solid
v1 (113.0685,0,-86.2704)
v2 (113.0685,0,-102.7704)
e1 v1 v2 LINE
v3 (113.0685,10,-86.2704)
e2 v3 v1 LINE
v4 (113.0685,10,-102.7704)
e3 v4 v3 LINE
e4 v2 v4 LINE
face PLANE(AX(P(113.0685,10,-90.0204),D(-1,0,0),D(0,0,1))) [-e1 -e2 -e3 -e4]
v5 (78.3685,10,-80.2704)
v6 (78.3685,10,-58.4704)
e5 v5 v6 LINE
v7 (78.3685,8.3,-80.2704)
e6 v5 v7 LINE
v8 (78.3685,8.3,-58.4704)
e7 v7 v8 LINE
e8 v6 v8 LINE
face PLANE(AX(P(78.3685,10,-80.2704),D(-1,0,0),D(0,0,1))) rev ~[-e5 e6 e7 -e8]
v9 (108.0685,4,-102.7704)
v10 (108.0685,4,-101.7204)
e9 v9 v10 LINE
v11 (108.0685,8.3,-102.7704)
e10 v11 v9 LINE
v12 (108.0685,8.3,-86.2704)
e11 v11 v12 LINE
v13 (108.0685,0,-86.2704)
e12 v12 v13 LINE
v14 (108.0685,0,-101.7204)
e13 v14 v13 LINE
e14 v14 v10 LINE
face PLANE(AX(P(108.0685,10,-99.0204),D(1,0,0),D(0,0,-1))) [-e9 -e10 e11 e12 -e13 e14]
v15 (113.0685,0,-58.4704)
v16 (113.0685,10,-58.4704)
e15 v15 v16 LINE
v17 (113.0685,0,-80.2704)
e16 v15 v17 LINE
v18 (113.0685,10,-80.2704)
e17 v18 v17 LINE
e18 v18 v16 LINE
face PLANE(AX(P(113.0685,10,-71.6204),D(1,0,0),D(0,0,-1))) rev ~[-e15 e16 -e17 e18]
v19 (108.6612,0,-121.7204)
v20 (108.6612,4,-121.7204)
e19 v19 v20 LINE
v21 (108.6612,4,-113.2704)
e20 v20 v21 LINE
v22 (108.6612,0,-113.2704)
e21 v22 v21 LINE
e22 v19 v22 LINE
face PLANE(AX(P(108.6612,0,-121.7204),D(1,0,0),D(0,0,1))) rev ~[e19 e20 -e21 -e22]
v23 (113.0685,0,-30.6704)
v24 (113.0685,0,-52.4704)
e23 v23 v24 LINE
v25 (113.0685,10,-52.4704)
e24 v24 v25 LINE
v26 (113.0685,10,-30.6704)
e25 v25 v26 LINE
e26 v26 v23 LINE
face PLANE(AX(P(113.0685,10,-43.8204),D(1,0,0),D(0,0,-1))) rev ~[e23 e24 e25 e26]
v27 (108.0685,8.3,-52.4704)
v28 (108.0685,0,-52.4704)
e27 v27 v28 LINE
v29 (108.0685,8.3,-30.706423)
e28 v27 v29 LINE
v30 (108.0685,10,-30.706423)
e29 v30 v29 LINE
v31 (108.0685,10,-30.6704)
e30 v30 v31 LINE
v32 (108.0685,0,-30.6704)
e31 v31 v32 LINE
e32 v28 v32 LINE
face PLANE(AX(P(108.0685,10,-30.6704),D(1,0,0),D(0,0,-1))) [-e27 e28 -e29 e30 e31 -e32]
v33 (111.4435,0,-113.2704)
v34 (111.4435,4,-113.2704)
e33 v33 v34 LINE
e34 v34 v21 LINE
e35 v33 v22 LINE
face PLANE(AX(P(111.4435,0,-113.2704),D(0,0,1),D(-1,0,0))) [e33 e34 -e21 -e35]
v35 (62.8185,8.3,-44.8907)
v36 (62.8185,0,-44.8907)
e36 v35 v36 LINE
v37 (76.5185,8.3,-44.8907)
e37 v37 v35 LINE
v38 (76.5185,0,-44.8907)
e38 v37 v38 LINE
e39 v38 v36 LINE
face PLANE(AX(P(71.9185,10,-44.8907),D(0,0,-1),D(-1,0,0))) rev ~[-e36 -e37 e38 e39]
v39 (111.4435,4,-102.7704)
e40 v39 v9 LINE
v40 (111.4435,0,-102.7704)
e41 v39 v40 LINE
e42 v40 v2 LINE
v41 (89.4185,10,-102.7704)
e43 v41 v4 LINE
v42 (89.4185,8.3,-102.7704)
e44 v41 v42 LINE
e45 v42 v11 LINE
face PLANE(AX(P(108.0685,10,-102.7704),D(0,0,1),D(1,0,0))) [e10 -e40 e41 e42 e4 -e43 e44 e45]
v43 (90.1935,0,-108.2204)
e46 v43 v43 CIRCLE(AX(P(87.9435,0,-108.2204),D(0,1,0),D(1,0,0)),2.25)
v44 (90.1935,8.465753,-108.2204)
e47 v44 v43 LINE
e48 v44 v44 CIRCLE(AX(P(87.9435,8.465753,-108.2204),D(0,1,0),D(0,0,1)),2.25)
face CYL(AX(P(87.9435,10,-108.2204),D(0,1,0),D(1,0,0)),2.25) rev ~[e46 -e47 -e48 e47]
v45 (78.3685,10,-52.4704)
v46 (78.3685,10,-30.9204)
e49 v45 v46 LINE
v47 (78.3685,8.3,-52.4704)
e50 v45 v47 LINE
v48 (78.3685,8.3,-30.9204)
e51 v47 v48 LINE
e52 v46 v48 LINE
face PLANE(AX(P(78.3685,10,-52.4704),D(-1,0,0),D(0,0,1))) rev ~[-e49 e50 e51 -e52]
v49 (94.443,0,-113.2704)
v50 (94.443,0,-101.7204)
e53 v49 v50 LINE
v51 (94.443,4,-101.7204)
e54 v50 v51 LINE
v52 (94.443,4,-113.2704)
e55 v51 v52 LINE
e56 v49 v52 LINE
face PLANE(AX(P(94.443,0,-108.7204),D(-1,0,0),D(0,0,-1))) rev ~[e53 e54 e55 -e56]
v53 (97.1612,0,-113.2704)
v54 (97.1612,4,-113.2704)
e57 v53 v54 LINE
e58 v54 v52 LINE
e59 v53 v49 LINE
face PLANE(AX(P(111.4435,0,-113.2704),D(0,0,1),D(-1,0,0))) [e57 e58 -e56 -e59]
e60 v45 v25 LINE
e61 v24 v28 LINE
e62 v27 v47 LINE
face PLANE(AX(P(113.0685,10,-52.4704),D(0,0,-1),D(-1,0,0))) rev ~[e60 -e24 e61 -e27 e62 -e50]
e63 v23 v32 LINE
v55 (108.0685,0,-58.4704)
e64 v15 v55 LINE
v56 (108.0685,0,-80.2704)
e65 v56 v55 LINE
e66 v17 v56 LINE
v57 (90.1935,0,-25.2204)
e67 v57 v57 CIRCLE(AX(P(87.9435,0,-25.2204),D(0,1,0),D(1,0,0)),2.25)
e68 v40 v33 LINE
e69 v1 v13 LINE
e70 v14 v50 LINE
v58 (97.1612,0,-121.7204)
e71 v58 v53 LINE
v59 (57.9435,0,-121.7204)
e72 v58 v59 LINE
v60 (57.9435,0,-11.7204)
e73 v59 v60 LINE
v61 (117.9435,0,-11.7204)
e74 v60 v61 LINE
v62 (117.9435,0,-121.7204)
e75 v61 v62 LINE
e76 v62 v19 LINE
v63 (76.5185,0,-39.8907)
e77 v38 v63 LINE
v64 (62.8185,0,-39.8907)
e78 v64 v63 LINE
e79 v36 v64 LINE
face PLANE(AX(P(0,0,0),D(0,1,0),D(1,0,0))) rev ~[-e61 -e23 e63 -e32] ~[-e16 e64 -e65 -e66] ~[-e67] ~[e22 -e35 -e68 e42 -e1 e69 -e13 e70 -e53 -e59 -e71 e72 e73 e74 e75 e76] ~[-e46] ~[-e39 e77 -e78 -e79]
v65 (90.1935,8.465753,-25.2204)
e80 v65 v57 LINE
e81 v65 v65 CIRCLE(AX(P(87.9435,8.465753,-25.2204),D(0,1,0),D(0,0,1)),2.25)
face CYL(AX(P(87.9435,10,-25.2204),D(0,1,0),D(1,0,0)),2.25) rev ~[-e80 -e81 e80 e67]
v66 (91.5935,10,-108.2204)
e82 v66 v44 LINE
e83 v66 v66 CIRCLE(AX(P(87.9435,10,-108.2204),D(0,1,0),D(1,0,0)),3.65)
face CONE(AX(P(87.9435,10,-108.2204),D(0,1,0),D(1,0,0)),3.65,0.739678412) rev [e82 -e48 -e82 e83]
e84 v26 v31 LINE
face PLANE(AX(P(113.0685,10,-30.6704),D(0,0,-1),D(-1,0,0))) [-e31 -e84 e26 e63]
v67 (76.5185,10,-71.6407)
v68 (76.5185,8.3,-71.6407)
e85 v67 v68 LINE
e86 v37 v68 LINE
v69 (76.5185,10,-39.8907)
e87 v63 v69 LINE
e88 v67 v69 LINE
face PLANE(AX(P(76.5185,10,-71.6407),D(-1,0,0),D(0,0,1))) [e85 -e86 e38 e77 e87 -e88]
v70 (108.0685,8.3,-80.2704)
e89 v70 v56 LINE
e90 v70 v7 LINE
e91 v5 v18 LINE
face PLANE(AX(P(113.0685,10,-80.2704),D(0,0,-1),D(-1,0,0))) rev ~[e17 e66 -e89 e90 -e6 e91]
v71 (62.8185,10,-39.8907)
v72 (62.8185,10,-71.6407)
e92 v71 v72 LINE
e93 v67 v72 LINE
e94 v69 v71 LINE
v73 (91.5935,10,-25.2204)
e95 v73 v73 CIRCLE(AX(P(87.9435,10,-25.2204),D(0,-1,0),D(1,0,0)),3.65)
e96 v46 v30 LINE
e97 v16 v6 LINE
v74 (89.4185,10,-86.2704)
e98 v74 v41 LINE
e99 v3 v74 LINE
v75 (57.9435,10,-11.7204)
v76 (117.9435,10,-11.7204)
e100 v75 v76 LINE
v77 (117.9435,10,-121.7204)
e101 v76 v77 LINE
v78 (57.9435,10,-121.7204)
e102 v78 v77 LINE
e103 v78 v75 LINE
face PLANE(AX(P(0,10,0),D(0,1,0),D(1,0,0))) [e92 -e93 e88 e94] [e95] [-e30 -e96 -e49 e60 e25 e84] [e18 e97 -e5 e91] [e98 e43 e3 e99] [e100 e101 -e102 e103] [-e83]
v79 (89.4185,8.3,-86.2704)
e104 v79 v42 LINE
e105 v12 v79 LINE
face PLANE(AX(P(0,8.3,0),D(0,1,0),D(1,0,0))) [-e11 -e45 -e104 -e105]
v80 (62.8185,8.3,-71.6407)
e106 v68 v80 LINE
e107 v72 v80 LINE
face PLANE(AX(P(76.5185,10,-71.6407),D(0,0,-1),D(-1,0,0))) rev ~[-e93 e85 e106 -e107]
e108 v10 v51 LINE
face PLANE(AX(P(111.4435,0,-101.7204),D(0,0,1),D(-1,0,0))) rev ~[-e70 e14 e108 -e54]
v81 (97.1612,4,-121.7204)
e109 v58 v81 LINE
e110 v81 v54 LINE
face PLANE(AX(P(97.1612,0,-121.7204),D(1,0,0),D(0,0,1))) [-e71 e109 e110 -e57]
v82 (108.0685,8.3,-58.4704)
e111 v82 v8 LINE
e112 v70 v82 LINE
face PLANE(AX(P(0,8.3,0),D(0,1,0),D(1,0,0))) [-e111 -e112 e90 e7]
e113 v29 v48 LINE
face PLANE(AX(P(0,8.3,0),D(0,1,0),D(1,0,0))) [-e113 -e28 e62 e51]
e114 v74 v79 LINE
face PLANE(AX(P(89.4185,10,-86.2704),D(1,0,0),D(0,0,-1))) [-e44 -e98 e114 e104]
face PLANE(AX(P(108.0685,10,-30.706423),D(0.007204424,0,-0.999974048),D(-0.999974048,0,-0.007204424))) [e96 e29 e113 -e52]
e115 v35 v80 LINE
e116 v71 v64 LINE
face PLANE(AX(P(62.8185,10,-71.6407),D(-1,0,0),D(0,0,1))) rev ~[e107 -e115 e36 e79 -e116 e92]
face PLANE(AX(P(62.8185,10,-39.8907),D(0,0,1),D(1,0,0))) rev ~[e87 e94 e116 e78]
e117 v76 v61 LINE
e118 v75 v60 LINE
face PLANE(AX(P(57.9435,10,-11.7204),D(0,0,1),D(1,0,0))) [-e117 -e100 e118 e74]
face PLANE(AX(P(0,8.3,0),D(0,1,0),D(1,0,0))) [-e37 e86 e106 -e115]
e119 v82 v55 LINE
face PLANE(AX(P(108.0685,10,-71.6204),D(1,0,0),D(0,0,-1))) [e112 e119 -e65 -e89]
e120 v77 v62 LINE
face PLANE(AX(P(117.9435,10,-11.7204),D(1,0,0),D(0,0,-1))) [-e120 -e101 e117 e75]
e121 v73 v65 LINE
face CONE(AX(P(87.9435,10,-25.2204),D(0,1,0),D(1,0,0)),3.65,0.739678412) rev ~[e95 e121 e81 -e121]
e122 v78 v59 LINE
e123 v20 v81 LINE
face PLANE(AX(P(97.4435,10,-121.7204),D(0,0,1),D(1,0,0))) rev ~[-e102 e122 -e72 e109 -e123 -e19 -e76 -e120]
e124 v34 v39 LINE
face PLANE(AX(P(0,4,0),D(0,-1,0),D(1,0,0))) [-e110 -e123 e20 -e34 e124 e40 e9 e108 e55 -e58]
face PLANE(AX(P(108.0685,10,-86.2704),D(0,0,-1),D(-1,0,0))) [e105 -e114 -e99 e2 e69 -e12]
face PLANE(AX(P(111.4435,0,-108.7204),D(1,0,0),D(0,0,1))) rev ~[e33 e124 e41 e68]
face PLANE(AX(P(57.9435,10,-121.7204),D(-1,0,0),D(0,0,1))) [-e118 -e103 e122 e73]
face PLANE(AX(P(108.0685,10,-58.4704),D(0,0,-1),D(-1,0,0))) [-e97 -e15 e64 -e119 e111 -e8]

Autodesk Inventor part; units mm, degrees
ref_plane "작업 평면1" through (0, 10, 0) normal (0, 1, 0) x (1, 0, 0)
sketch "스케치3" plane through (0, 10, 0) normal (0, 1, 0) x (1, 0, 0)
  line L0 (113.0685, 80.2704) -> (78.3685, 80.2704)
  line L1 (76.5185, 71.6407) -> (76.5185, 39.8907)
  line L2 (76.5185, 71.6407) -> (62.8185, 71.6407)
  line L3 (78.3685, 80.2704) -> (78.3685, 58.4704)
  line L4 (113.0685, 58.4704) -> (113.0685, 80.2704)
  line L5 (113.0685, 58.4704) -> (78.3685, 58.4704)
  line L6 (108.4435, 113.2704) -> (97.4435, 113.2704)
  line L7 (97.4435, 113.2704) -> (97.4435, 121.7204)
  line L8 (97.4435, 121.7204) -> (108.4435, 121.7204)
  line L9 (108.4435, 121.7204) -> (108.4435, 113.2704)
  line L10 (113.0685, 52.4704) -> (78.3685, 52.4704)
  line L11 (113.0685, 30.6704) -> (113.0685, 52.4704)
  line L12 (62.8185, 39.8907) -> (76.5185, 39.8907)
  line L13 (62.8185, 71.6407) -> (62.8185, 39.8907)
  line L14 (78.3685, 52.4704) -> (78.3685, 30.9204)
  line L15 (113.0685, 30.6704) -> (78.3685, 30.9204)
  line L16 (117.9435, 121.7204) -> (57.9435, 121.7204)
  line L17 (57.9435, 121.7204) -> (57.9435, 11.7204)
  line L18 (117.9435, 11.7204) -> (117.9435, 121.7204)
  line L19 (57.9435, 11.7204) -> (117.9435, 11.7204)
  circle A0 centre (87.9435, 108.2204) radius 2.25
  circle A1 centre (87.9435, 25.2204) radius 2.25
  line L20 (113.0685, 99.0204) -> (108.0685, 99.0204)
  line L21 (108.0685, 90.0204) -> (113.0685, 90.0204)
  line L22 (113.0685, 99.0204) -> (113.0685, 90.0204)
  line L23 (108.0685, 99.0204) -> (108.0685, 90.0204)
  line L24 (71.9185, 39.8907) -> (67.4185, 39.8907)
  line L25 (113.0685, 39.3204) -> (108.0685, 39.3204)
  line L26 (108.0685, 43.8204) -> (113.0685, 43.8204)
  line L27 (71.9185, 44.8907) -> (71.9185, 39.8907)
  line L28 (108.0685, 43.8204) -> (108.0685, 39.3204)
  line L29 (113.0685, 43.8204) -> (113.0685, 39.3204)
  line L30 (71.9185, 44.8907) -> (67.4185, 44.8907)
  line L31 (67.4185, 44.8907) -> (67.4185, 39.8907)
  line L32 (113.0685, 71.6204) -> (113.0685, 67.1204)
  line L33 (113.0685, 86.2704) -> (89.4185, 86.2704)
  line L34 (89.4185, 86.2704) -> (89.4185, 102.7704)
  line L35 (89.4185, 102.7704) -> (113.0685, 102.7704)
  line L36 (113.0685, 102.7704) -> (113.0685, 86.2704)
  line L37 (108.0685, 67.1204) -> (113.0685, 67.1204)
  line L38 (113.0685, 67.1204) -> (113.0685, 71.6204)
  line L39 (113.0685, 71.6204) -> (108.0685, 71.6204)
  line L40 (108.0685, 71.6204) -> (108.0685, 67.1204)
  line L41 (113.0685, 30.6704) -> (108.0685, 30.6704)
  line L42 (108.0685, 30.6704) -> (108.0685, 52.4704)
  line L43 (108.0685, 52.4704) -> (113.0685, 52.4704)
  line L44 (113.0685, 52.4704) -> (113.0685, 30.6704)
  line L45 (113.0685, 58.4704) -> (108.0685, 58.4704)
  line L46 (108.0685, 58.4704) -> (108.0685, 80.2704)
  line L47 (108.0685, 80.2704) -> (113.0685, 80.2704)
  line L48 (113.0685, 80.2704) -> (113.0685, 58.4704)
  line L49 (113.0685, 86.2704) -> (108.0685, 86.2704)
  line L50 (108.0685, 86.2704) -> (108.0685, 102.7704)
  line L51 (108.0685, 102.7704) -> (113.0685, 102.7704)
  line L52 (113.0685, 102.7704) -> (113.0685, 86.2704)
  line L53 (76.5185, 39.8907) -> (62.8185, 39.8907)
  line L54 (62.8185, 39.8907) -> (62.8185, 44.8907)
  line L55 (62.8185, 44.8907) -> (76.5185, 44.8907)
  line L56 (76.5185, 44.8907) -> (76.5185, 39.8907)
  point P0 (0, 0)
  dimension "d8" = 9.5
extrude "돌출2" add sketch "스케치3" against normal blind 10 contours L4 L39 L46 L0 | L46 L40 L5 L3 L0 | L4 L37 L40 L39 | L4 L5 L46 L37 | L1 L55 L30 L13 L2 | L1 L12 L27 L55 | L27 L12 L31 L30 | L55 L31 L12 L13 | L9 L16 L18 L19 L17 L7 L6 | L6 L7 L8 L9 | L11 L26 L42 L10 | L42 L28 L15 L14 L10 | L11 L25 L28 L26 | L11 L15 L42 L25 | L41 L42 L15 | A0 | A1 | L22 L21 L23 L20 | L20 L50 L35 L36 | L23 L50 L33 L34 L35 | L36 L33 L50 L21
sketch "스케치4" plane through (0, 10, 0) normal (0, 1, 0) x (1, 0, 0)
  point P0 (0, 0)
extrude "돌출3" cut sketch "스케치3" against normal blind 1.7 contours L4 L39 L46 L0 | L46 L40 L5 L3 L0 | L4 L5 L46 L37 | L1 L55 L30 L13 L2 | L1 L12 L27 L55 | L55 L31 L12 L13 | L11 L26 L42 L10 | L42 L28 L15 L14 L10 | L11 L15 L42 L25 | L20 L50 L35 L36 | L23 L50 L33 L34 L35 | L36 L33 L50 L21
extrude "돌출4" cut sketch "스케치3" against normal through all contours L4 L37 L40 L39 | L27 L12 L31 L30 | L11 L25 L28 L26 | A0 | A1 | L22 L21 L23 L20
sketch "스케치5" plane through (117.9435, 10, -121.7204) normal (0, 0, -1) x (-1, 0, 0)
  point P0 (117.9435, -10)
extrude "돌출5" cut sketch "스케치3" against normal through all contours L6 L7 L8 L9
sketch "스케치6" plane through (0, 0, 0) normal (0, -1, 0) x (1, 0, 0)
  line L0 (57.9435, -121.7204) -> (97.4435, -121.7204) projected
  line L1 (97.4435, -121.7204) -> (57.9435, -121.7204) projected
  line L2 (113.0685, -71.6204) -> (108.0685, -71.6204) projected
  line L3 (113.0685, -80.2704) -> (113.0685, -71.6204) projected
  line L4 (78.3685, -80.2704) -> (113.0685, -80.2704) projected
  line L5 (78.3685, -58.4704) -> (78.3685, -80.2704) projected
  line L6 (113.0685, -58.4704) -> (78.3685, -58.4704) projected
  line L7 (113.0685, -67.1204) -> (113.0685, -58.4704) projected
  line L8 (108.0685, -67.1204) -> (113.0685, -67.1204) projected
  line L9 (108.0685, -71.6204) -> (108.0685, -67.1204) projected
  line L10 (117.9435, -121.7204) -> (108.4435, -121.7204) projected
  line L11 (111.4435, -108.7204) -> (94.443, -108.7204)
  line L12 (111.4435, -108.7204) -> (111.4435, -113.2704)
  line L13 (94.443, -108.7204) -> (94.443, -113.2704)
  line L14 (111.4435, -113.2704) -> (94.443, -113.2704)
  point P0 (0, 0)
sketch "스케치7" plane through (0, 0, 0) normal (0, -1, 0) x (1, 0, 0)
  point P0 (0, 0)
sketch "스케치8" plane through (0, 0, 0) normal (0, -1, 0) x (1, 0, 0)
  point P0 (0, 0)
extrude "돌출6" cut sketch "스케치6" against normal blind 4 contours L12 L14 L13 L11
extrude "돌출7" add sketch "스케치3" against normal blind 6 contours L6 L7 L8 L9
sketch "스케치9" plane through (0, 0, 0) normal (0, -1, 0) x (1, 0, 0)
  line L0 (111.4435, -108.7204) -> (111.4435, -113.2704) projected
  line L1 (111.4435, -108.7204) -> (111.4435, -101.7204)
  line L2 (111.4435, -101.7204) -> (94.443, -101.7204)
  line L3 (94.443, -113.2704) -> (94.443, -108.7204) projected
  line L4 (94.443, -101.7204) -> (94.443, -108.7204)
  line L5 (94.443, -108.7204) -> (111.4435, -108.7204) projected
  line L6 (111.4435, -108.7204) -> (94.443, -108.7204)
  point P0 (0, 0)
  dimension "d25" = 7
extrude "돌출8" cut sketch "스케치9" against normal blind 4
sketch "스케치10" plane through (0, 10, 0) normal (0, 1, 0) x (1, 0, 0)
  circle A0 centre (87.9435, 25.2204) radius 2.25 projected
  circle A1 centre (87.9435, 25.2204) radius 3.85
  circle A2 centre (87.9435, 108.2204) radius 2.25 projected
  circle A3 centre (87.9435, 108.2204) radius 3.85
  point P0 (0, 0)
  dimension "d28" = 7.7
  dimension "d29" = 7.7
ref_plane "작업 평면2" through (0, 10, 0) normal (0, 1, 0) x (1, 0, 0)
sketch "스케치12" plane through (0, 10, 0) normal (0, 1, 0) x (1, 0, 0)
  point P0 (0, 0)
ref_plane "작업 평면3" through (57.9435, 10, -25.2204) normal (0, 0, 1) x (1, 0, 0)
sketch "스케치13" plane through (57.9435, 10, -25.2204) normal (0, 0, 1) x (1, 0, 0)
  line L0 (30, 0) -> (30, -4)
  line L1 (30, 0) -> (33.65, 0)
  line L2 (27.75, 0) -> (32.25, 0) projected
  line L3 (33.65, 0) -> (30, -4)
  point P0 (-57.9435, -10)
  dimension "d35" = 4
  dimension "d36" = 3.65
sketch "스케치14" plane through (57.9435, 10, -25.2204) normal (0, 0, 1) x (1, 0, 0)
  point P0 (-57.9435, -10)
revolve "회전2" cut sketch "스케치13" angle 360 about axis through (87.9435, 10, -25.2204) along (0, -1, 0)
ref_plane "작업 평면4" through (57.9435, 10, -66.7204) normal (0, 0, 1) x (1, 0, 0)
mirror "미러1" about plane through (57.9435, 10, -66.7204) normal (0, 0, 1) of "회전2"
sketch "스케치15" plane through (0, 0, 0) normal (0, -1, 0) x (1, 0, 0)
  line L0 (108.6612, -121.7204) -> (97.1612, -121.7204)
  line L1 (97.1612, -121.7204) -> (97.1612, -113.2704)
  line L2 (108.6612, -121.7204) -> (108.6612, -113.2704)
  line L3 (97.1612, -113.2704) -> (108.6612, -113.2704)
  line L4 (97.4435, -113.2704) -> (94.443, -113.2704) projected
  point P0 (0, 0)
extrude "돌출9" cut sketch "스케치15" against normal blind 4
extrude "돌출10" cut sketch "스케치3" against normal through all contours L4 L39 L46 L0 | L4 L5 L46 L37 | L1 L12 L27 L55 | L55 L31 L12 L13 | L11 L26 L42 L10 | L11 L15 L42 L25 | L41 L42 L15 | L20 L50 L35 L36 | L36 L33 L50 L21
equation "\"TransitionRadius\" = BendRadius"
equation "\"BendRadius\" = 0.5"
properties part number "123"
